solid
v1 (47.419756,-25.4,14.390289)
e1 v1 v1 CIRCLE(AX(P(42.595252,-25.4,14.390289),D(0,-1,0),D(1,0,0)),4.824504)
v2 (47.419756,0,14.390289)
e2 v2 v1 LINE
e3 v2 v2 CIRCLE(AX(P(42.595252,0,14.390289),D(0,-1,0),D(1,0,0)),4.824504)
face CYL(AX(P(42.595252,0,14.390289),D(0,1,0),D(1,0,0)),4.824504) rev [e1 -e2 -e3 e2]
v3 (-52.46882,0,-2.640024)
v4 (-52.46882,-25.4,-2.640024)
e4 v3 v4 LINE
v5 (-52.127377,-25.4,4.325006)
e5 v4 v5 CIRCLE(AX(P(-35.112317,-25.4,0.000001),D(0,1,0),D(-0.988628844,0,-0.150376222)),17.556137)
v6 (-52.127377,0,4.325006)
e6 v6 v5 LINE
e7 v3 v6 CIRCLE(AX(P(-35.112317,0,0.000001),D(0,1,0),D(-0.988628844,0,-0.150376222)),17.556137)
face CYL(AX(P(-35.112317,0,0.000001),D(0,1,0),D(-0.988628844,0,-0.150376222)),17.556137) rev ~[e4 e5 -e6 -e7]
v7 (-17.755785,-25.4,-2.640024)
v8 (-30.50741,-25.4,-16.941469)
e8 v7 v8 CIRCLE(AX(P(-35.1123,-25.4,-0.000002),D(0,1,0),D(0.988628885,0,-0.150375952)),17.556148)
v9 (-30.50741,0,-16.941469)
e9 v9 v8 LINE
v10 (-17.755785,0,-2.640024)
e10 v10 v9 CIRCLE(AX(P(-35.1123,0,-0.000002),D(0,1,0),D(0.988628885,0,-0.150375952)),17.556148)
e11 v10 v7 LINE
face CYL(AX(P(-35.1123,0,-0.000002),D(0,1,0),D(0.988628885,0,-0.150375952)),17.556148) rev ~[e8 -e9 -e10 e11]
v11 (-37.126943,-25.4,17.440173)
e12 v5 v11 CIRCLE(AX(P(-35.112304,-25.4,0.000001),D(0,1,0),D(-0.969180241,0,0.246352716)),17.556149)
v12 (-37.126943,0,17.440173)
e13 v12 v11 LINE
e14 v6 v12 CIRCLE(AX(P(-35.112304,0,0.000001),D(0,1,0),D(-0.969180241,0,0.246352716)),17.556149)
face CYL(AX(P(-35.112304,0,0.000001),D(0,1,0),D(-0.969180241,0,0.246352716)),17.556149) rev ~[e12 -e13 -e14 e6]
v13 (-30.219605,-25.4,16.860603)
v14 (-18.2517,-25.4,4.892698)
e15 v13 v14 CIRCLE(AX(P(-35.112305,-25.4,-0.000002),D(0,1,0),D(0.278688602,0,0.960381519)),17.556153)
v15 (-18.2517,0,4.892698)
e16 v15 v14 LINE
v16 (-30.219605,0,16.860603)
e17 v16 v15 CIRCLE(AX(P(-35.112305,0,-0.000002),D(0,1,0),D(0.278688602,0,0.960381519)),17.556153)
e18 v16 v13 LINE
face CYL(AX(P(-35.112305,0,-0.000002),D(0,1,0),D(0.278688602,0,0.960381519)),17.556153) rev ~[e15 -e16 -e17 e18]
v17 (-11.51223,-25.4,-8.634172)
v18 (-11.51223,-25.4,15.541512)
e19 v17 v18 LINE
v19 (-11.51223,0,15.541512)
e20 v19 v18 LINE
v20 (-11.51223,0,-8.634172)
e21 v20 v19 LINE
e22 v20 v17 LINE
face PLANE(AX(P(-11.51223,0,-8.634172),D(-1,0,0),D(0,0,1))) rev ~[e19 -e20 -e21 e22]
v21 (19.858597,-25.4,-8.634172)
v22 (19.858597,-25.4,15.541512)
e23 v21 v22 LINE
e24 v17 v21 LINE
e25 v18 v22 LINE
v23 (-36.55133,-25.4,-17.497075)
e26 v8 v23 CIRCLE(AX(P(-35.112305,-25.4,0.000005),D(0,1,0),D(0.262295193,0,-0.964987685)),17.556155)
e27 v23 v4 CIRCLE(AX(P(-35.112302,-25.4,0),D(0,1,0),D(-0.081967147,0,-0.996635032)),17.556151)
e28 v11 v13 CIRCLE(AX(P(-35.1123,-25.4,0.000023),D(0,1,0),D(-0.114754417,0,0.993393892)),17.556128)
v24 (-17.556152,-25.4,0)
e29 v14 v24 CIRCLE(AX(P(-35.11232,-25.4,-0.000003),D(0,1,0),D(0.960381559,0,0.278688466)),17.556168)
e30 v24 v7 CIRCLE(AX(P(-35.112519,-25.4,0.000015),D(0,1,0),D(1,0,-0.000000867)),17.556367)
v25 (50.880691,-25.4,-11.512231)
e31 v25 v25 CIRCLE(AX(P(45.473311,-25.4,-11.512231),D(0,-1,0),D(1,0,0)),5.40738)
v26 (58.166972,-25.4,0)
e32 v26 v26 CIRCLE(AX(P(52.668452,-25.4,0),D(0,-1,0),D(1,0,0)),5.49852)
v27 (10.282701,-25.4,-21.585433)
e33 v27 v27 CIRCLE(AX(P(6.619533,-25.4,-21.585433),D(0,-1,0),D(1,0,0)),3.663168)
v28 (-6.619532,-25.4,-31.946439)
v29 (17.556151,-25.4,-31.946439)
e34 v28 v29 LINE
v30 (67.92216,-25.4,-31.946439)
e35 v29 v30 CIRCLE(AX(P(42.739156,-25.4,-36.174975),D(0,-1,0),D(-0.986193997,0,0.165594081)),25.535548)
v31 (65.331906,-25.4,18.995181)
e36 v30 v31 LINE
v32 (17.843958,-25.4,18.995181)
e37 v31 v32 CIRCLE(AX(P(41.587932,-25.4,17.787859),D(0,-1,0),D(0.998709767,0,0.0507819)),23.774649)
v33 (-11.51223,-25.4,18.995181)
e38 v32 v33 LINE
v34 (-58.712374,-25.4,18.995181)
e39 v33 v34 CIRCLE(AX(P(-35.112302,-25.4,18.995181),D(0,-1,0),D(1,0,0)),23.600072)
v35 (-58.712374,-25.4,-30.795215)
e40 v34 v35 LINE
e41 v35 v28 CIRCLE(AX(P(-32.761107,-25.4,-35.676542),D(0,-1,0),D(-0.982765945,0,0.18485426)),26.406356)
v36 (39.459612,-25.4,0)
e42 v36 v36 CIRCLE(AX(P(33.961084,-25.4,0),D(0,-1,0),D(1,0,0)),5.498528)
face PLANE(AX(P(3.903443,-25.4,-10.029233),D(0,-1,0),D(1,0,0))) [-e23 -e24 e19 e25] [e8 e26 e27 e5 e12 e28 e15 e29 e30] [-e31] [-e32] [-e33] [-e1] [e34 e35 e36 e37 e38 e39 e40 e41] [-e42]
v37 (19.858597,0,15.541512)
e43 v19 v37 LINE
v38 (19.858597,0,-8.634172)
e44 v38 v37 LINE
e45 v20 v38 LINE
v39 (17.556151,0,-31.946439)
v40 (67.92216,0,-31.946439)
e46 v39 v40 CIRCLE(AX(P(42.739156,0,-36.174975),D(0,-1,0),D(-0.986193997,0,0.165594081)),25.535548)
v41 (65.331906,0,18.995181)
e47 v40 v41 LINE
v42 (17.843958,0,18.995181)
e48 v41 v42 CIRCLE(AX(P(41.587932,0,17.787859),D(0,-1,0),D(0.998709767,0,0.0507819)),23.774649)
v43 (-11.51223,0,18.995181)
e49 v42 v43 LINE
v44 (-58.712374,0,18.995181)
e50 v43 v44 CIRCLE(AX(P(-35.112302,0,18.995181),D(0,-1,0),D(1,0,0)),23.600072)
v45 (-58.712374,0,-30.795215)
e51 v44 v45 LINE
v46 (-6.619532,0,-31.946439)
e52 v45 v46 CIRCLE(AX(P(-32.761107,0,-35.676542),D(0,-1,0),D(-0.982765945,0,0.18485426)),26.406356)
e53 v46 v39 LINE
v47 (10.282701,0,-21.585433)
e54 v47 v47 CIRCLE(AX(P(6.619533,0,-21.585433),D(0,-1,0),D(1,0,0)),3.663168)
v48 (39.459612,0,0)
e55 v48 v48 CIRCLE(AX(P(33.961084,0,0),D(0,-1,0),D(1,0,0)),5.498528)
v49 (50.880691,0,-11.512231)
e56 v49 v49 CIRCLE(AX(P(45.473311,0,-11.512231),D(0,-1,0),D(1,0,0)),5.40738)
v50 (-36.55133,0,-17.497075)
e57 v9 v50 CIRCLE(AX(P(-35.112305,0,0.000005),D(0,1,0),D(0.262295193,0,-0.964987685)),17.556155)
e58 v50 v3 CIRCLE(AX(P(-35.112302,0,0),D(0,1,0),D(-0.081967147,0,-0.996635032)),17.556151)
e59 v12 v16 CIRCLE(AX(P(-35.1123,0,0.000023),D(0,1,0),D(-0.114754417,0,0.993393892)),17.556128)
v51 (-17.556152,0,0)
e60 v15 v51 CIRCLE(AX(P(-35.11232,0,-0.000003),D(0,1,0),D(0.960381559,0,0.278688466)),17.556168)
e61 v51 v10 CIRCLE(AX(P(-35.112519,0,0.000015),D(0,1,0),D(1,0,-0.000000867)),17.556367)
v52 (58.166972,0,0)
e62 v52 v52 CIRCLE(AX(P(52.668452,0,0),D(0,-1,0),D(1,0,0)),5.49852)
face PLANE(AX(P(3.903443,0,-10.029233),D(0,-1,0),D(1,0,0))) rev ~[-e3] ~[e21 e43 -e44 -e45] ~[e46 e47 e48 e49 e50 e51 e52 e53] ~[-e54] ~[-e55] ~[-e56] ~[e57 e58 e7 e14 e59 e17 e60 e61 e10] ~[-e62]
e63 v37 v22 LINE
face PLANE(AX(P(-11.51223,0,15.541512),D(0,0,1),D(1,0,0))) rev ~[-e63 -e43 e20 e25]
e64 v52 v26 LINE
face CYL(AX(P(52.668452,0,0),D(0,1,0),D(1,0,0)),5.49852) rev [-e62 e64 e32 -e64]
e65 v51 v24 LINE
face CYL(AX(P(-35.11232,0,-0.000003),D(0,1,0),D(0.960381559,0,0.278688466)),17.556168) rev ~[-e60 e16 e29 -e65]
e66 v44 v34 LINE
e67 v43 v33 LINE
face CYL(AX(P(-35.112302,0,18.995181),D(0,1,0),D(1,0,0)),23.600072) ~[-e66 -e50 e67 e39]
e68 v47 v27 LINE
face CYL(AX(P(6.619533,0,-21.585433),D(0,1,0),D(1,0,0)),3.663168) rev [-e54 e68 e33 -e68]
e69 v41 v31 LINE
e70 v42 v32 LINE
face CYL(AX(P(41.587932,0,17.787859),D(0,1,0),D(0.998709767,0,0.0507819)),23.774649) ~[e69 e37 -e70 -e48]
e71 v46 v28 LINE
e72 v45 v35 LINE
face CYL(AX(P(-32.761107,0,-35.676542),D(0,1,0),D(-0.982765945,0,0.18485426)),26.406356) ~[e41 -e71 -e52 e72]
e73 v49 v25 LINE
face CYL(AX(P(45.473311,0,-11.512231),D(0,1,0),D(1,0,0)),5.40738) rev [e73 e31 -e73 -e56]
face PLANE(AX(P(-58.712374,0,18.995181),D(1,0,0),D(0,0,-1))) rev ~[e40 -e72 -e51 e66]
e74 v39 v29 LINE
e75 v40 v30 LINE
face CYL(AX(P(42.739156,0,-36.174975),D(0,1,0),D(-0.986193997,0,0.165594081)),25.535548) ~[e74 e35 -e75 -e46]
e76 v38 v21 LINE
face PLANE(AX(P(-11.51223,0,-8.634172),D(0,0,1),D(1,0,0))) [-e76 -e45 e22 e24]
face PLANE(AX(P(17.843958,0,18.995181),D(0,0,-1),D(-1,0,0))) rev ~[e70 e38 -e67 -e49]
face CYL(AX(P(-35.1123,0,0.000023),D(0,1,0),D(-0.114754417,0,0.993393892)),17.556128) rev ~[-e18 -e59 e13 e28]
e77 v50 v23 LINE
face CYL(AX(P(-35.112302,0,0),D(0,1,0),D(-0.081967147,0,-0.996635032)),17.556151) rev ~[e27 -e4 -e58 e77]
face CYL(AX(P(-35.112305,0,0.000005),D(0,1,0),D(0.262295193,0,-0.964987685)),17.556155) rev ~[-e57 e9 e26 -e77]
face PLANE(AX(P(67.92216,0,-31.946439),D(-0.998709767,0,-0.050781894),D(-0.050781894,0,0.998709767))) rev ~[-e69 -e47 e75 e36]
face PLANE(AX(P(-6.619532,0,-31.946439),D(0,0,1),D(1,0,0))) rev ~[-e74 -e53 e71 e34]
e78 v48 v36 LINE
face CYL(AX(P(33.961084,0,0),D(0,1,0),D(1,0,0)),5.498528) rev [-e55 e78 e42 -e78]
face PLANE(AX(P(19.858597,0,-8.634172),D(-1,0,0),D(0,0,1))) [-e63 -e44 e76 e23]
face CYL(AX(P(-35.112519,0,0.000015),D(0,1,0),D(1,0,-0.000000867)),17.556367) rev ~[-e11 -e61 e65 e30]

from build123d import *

# Parameters (mm, degrees)
F0_R     = 3.663168
F0_R_2   = 5.40738
F0_W     = 31.370827
F0_H     = 24.175684
F0_R_3   = 5.498528
F0_R_4   = 5.49852
F0_R_5   = 4.824504
F1_DEPTH = 25.4


with BuildPart() as f1:
    # F0 (on Front) → F1 (new body)
    with BuildSketch(Plane.XZ):
        with BuildLine():
            Line((-58.712374, 18.995181), (-58.712374, -30.795215))
            ThreePointArc((-58.712374, -30.795215), (-33.344531, -62.076452), (-6.619532, -31.946439))
            Line((-6.619532, -31.946439), (17.556151, -31.946439))
            ThreePointArc((17.556151, -31.946439), (42.739156, -61.710523), (67.92216, -31.946439))
            Line((67.92216, -31.946439), (65.331906, 18.995181))
            ThreePointArc((65.331906, 18.995181), (41.587932, 41.562508), (17.843958, 18.995181))
            Line((17.843958, 18.995181), (-11.51223, 18.995181))
            ThreePointArc((-11.51223, 18.995181), (-35.112302, 42.595253), (-58.712374, 18.995181))
        make_face()
        with Locations((6.619533, -21.585433)):
            Circle(F0_R, mode=Mode.SUBTRACT)
        with Locations((45.473311, -11.512231)):
            Circle(F0_R_2, mode=Mode.SUBTRACT)
        with BuildLine():
            ThreePointArc((-18.2517, 4.892698), (-17.730909, 2.470945), (-17.556152, 0))
            ThreePointArc((-17.556152, 0), (-17.606132, -1.323781), (-17.755785, -2.640024))
            ThreePointArc((-17.755785, -2.640024), (-22.008535, -11.683737), (-30.50741, -16.941469))
            ThreePointArc((-30.50741, -16.941469), (-33.505178, -17.482436), (-36.55133, -17.497075))
            ThreePointArc((-36.55133, -17.497075), (-47.091498, -12.834224), (-52.46882, -2.640024))
            ThreePointArc((-52.46882, -2.640024), (-52.647396, 0.859615), (-52.127377, 4.325006))
            ThreePointArc((-52.127377, 4.325006), (-46.668012, 13.216808), (-37.126943, 17.440173))
            ThreePointArc((-37.126943, 17.440173), (-33.644386, 17.494675), (-30.219605, 16.860603))
            ThreePointArc((-30.219605, 16.860603), (-22.69823, 12.414073), (-18.2517, 4.892698))
        make_face(mode=Mode.SUBTRACT)
        with Locations((4.173184, 3.45367)):
            Rectangle(F0_W, F0_H, mode=Mode.SUBTRACT)
        with Locations((33.961084, 0)):
            Circle(F0_R_3, mode=Mode.SUBTRACT)
        with Locations((52.668452, 0)):
            Circle(F0_R_4, mode=Mode.SUBTRACT)
        with Locations((42.595252, 14.390289)):
            Circle(F0_R_5, mode=Mode.SUBTRACT)
    extrude(amount=F1_DEPTH)


solid = f1.part
